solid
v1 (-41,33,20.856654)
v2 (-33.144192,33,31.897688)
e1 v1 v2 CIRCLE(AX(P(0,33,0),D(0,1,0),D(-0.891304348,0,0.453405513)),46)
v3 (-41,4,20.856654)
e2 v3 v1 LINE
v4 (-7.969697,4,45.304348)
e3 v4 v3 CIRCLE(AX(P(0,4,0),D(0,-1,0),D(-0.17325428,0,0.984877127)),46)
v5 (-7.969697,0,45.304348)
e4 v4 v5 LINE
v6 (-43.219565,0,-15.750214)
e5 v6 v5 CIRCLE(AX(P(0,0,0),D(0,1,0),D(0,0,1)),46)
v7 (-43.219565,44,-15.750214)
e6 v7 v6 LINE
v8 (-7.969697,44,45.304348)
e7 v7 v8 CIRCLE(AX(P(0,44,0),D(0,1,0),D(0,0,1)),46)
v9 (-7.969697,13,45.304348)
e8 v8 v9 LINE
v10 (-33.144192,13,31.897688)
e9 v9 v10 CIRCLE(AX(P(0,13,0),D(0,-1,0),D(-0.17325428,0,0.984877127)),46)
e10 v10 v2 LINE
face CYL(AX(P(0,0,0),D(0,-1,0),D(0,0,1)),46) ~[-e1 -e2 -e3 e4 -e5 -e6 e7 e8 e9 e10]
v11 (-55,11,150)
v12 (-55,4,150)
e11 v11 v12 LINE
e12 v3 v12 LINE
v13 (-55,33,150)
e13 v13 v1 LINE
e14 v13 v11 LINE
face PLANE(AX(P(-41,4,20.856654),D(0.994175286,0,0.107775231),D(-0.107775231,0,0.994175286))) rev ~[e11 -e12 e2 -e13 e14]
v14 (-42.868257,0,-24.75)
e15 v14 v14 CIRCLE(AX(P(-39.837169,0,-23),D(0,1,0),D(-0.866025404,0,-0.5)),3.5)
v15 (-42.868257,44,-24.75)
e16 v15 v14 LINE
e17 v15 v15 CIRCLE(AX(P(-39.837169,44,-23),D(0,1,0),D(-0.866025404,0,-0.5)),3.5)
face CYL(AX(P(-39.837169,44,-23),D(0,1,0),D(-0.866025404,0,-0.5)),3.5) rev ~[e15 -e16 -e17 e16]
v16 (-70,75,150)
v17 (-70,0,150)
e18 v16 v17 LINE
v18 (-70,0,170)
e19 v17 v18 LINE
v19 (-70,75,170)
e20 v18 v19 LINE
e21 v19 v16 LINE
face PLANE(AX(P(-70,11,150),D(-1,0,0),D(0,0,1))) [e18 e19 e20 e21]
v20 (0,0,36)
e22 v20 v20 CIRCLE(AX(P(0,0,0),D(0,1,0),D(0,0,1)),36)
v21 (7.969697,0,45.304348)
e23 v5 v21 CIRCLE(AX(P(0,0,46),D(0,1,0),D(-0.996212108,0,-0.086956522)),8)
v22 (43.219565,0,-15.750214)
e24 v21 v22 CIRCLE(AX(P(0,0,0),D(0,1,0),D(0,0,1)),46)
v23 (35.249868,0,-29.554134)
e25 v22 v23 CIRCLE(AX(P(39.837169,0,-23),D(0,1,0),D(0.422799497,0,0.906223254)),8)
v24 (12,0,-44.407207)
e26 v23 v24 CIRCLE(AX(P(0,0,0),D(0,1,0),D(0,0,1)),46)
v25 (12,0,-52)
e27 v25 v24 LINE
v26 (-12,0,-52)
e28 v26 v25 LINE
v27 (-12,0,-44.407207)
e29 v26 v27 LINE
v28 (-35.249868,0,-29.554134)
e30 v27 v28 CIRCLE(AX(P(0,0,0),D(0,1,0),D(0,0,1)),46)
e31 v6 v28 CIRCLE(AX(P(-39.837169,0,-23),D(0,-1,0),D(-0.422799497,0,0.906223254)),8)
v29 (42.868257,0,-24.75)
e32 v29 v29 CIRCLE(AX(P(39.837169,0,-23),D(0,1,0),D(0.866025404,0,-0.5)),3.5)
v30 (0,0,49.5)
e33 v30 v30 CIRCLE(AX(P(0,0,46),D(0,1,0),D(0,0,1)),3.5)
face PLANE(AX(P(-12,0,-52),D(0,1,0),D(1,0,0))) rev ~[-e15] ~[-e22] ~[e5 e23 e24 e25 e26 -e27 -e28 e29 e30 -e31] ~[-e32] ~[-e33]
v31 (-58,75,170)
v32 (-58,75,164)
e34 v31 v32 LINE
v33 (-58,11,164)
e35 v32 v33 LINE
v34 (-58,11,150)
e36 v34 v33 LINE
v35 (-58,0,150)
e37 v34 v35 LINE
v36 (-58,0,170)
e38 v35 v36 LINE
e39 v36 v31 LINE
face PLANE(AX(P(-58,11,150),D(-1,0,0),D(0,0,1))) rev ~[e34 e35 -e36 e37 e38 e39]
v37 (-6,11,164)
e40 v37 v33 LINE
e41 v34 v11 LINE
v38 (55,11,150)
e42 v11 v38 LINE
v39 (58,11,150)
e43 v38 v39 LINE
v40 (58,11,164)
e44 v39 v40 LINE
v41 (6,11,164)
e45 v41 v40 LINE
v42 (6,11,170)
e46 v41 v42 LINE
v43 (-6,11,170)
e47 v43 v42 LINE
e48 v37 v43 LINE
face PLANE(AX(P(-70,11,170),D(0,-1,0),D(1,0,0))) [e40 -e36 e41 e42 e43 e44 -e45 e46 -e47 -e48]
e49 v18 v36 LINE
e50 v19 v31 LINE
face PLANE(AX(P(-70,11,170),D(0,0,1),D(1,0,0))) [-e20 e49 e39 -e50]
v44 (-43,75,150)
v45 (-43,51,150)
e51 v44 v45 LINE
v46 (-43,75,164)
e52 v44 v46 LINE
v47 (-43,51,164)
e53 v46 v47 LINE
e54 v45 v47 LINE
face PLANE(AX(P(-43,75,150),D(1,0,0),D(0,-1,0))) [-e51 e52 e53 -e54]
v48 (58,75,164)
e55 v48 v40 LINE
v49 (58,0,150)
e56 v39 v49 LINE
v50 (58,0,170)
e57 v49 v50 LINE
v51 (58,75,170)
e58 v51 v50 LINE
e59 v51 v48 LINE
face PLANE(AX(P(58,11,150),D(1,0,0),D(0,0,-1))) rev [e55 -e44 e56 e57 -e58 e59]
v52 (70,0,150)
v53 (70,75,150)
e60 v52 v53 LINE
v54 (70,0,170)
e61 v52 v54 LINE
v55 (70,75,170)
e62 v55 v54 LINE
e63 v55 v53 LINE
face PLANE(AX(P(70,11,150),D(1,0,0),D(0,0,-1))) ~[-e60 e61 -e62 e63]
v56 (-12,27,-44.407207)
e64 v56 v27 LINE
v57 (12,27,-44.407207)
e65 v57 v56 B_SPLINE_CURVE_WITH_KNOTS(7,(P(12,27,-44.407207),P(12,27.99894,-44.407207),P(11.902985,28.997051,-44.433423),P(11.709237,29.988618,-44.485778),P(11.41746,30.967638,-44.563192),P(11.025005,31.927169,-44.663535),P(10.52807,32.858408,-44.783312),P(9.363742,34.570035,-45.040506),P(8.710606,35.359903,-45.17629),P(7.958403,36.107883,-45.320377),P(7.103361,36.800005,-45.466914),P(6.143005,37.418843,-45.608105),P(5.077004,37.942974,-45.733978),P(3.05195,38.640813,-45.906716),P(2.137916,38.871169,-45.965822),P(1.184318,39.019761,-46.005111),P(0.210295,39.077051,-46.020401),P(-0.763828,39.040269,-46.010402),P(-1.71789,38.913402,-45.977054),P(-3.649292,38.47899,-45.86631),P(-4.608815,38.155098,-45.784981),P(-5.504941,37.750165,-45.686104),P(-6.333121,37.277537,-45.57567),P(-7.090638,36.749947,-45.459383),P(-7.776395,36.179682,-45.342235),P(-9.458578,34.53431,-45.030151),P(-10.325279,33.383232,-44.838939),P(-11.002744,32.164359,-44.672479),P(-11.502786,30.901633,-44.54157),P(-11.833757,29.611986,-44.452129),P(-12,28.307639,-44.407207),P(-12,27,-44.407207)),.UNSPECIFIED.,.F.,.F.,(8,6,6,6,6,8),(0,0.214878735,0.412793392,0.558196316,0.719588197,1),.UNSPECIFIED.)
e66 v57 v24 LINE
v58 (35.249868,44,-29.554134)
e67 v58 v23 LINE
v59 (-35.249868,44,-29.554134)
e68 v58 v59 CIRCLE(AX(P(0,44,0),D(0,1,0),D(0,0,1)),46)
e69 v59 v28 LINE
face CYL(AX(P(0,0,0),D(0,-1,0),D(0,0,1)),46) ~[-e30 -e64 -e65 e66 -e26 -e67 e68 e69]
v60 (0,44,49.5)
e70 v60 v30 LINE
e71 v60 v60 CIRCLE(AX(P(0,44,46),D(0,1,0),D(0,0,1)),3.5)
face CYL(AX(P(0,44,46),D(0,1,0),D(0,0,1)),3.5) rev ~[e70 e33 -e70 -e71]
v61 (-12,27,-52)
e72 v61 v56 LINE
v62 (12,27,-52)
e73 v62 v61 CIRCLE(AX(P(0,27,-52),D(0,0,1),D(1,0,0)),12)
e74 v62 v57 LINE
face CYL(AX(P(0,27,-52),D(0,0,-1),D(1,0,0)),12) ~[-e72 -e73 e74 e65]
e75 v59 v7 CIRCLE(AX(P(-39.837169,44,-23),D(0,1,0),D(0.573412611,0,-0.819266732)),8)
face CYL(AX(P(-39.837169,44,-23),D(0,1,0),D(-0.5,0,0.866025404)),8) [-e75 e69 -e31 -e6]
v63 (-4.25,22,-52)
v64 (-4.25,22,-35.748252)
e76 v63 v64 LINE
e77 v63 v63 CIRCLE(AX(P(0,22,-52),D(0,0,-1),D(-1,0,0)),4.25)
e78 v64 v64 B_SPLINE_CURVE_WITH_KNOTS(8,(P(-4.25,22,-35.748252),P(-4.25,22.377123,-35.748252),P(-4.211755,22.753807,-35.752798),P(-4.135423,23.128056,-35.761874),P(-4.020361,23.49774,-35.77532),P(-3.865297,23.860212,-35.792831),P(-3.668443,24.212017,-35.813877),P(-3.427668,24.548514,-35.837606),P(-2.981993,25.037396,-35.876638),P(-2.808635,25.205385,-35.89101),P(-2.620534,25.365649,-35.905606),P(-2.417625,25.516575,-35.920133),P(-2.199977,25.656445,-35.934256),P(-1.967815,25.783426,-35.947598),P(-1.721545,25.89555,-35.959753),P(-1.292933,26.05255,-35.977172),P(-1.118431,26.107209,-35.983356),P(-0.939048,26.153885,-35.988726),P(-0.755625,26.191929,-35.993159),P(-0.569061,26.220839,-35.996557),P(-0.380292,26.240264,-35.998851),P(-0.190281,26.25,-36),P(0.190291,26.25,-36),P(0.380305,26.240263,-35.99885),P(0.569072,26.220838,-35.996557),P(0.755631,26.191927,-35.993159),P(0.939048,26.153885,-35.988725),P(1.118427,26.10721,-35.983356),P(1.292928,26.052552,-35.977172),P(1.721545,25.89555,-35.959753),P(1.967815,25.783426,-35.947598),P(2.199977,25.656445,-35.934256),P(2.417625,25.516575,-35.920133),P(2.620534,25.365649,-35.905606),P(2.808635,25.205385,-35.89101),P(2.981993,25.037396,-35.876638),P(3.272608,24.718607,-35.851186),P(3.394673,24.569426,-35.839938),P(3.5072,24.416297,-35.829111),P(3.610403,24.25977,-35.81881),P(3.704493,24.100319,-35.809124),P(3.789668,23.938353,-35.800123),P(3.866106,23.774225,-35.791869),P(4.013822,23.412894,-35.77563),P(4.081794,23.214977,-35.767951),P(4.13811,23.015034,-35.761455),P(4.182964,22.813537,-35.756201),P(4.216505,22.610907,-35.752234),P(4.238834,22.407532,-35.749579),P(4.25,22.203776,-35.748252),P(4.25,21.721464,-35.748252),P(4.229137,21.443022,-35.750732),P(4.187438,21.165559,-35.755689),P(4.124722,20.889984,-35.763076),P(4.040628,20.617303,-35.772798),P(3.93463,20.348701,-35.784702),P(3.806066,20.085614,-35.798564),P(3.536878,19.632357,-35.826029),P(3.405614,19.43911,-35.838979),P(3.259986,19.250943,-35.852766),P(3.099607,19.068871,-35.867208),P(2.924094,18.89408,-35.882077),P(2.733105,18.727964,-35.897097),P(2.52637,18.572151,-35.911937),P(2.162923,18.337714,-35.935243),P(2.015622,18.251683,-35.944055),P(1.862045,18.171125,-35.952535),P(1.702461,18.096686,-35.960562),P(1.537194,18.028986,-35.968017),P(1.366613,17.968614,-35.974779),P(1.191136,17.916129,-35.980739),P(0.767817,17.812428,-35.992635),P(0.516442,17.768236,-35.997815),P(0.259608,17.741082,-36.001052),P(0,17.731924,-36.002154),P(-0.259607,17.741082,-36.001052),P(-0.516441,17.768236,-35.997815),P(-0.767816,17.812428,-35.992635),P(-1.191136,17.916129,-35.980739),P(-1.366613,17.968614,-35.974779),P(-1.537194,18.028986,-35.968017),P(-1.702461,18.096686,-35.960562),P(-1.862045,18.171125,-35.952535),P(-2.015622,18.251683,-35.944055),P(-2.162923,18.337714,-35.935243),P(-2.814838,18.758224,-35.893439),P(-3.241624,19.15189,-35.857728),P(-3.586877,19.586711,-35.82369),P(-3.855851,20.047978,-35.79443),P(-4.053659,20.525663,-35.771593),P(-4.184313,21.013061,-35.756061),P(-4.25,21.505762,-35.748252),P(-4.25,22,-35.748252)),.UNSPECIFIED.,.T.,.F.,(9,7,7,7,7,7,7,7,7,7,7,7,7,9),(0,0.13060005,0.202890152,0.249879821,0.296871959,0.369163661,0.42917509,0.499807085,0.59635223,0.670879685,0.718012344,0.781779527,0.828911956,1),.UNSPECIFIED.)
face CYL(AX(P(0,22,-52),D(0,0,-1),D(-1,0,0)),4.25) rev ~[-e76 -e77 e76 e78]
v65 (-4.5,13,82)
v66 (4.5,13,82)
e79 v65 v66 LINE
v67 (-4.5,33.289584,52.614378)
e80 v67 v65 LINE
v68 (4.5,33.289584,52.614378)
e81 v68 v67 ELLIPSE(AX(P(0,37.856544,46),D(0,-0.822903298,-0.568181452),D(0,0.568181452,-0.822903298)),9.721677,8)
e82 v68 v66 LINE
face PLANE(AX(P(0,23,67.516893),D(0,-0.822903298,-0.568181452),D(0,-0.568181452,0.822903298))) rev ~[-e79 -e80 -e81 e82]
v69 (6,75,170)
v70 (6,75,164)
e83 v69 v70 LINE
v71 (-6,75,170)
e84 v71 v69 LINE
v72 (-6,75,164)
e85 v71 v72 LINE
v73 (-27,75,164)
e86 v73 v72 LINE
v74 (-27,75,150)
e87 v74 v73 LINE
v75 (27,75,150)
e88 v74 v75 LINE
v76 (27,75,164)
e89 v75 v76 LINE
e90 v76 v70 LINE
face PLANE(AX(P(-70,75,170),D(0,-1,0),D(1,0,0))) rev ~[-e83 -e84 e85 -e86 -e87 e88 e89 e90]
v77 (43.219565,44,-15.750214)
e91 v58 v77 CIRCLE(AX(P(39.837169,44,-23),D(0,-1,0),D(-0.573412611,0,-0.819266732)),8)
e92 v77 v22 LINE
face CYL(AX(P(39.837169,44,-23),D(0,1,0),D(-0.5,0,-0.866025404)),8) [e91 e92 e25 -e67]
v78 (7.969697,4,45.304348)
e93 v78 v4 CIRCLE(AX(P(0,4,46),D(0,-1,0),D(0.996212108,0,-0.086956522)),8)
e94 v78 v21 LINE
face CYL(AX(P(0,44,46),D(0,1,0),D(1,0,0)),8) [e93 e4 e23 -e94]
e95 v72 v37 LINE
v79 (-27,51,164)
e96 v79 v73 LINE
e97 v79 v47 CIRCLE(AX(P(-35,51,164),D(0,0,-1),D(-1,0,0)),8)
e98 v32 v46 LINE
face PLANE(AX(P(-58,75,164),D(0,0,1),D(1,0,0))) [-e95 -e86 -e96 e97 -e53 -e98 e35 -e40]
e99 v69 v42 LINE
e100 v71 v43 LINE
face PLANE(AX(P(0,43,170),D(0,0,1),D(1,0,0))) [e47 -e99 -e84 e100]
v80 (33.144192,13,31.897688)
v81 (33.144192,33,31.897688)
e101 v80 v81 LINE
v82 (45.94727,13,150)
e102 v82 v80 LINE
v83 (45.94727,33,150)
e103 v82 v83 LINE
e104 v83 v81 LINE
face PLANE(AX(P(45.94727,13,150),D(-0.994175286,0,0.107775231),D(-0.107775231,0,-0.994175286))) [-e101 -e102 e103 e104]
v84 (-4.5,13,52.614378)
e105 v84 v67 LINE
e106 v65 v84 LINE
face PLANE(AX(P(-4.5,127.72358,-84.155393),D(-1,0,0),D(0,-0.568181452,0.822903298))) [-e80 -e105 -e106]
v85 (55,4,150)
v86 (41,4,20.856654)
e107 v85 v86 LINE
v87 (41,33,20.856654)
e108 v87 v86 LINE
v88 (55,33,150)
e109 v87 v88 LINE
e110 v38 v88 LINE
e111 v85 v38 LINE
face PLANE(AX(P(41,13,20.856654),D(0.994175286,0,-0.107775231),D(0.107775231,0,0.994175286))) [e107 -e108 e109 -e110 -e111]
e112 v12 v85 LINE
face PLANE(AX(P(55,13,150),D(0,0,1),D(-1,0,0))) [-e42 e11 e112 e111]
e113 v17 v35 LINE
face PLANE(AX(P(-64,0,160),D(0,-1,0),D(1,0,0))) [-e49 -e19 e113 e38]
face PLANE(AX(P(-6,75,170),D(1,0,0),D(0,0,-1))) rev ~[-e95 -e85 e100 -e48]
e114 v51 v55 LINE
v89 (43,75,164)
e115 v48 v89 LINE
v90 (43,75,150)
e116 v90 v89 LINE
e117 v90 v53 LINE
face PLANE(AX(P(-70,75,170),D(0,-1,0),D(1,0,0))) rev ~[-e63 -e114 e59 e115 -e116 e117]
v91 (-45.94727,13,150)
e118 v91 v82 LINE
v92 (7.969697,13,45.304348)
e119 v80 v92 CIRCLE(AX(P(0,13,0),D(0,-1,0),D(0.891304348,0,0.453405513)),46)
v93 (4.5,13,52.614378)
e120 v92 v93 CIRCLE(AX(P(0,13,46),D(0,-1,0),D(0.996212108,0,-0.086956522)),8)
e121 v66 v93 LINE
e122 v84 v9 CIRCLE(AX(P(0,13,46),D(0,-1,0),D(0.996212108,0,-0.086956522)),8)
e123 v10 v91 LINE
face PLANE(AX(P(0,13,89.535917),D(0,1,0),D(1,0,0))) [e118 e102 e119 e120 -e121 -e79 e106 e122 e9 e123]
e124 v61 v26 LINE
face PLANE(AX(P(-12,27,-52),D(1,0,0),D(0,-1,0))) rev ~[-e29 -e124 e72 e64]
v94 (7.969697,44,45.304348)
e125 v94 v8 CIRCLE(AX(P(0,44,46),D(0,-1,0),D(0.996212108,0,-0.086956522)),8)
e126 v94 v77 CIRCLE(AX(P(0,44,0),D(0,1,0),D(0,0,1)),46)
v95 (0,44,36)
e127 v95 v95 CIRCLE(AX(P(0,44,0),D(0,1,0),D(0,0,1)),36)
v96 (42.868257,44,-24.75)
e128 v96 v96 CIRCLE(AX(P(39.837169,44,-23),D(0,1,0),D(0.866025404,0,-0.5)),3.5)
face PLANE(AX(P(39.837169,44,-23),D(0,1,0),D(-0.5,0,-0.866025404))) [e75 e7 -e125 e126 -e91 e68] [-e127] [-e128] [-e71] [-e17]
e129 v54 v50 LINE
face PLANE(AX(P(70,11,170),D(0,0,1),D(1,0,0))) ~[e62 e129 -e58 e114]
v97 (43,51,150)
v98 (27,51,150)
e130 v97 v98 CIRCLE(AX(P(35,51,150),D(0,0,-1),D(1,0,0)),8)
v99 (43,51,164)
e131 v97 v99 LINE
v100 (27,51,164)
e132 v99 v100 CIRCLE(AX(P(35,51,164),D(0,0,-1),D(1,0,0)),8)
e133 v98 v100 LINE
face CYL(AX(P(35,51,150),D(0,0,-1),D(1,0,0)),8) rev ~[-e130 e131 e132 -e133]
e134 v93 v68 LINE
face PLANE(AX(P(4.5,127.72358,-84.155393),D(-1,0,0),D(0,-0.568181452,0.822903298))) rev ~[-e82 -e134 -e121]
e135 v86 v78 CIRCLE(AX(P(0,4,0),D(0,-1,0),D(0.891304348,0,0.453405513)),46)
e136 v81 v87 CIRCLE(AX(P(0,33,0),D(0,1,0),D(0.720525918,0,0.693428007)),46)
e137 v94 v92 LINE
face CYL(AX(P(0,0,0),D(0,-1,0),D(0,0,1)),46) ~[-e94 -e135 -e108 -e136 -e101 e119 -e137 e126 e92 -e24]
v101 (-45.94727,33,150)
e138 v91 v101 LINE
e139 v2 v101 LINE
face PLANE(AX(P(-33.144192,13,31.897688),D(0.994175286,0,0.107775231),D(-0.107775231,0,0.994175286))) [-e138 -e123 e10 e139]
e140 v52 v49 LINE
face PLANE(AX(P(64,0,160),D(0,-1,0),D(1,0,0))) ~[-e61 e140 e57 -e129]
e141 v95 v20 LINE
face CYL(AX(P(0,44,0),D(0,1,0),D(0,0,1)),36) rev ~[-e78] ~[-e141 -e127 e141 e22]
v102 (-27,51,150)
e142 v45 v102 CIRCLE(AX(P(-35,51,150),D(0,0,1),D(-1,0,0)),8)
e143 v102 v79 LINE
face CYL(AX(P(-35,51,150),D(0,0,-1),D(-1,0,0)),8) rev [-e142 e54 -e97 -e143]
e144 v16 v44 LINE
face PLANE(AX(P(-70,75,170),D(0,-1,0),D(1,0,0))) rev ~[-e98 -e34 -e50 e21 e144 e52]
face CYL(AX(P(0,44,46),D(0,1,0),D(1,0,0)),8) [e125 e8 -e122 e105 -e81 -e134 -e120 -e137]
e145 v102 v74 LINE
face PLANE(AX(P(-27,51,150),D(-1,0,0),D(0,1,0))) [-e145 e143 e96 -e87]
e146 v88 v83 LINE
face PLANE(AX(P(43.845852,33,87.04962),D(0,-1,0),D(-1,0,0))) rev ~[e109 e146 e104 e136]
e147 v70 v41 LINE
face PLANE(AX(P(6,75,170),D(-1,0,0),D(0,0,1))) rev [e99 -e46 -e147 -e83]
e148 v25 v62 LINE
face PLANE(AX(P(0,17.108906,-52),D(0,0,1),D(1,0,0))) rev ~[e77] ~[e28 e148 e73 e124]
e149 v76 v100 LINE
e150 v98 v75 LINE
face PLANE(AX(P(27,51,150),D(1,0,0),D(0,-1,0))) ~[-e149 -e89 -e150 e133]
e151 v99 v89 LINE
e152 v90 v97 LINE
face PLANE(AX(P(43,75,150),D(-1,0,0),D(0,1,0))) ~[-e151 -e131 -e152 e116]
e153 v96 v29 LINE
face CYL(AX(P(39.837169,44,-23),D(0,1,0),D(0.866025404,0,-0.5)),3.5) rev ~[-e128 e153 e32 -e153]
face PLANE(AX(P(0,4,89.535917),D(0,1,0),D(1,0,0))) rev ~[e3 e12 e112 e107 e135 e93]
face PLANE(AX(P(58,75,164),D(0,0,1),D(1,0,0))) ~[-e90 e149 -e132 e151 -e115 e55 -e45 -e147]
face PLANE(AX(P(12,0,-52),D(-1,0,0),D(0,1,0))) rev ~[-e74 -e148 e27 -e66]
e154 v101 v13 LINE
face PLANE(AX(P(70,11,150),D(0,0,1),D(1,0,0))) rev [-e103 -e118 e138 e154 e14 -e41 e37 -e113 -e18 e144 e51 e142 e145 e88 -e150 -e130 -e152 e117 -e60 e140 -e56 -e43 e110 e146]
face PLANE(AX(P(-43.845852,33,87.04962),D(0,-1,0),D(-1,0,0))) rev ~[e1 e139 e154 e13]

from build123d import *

# Parameters (mm, degrees)
SKETCH_1_R               = 46
EXTRUDE_1_DEPTH          = 44
SKETCH_2_R               = 8
EXTRUDE_2_DEPTH          = 44
SKETCH_3_R               = 3.5
CUT_EXTRUDE_1_DEPTH      = 44
PATTERN_CIRCULAR_1_COUNT = 3
EXTRUDE_START            = -52
EXTRUDE_3_DEPTH          = 44
SKETCH_6_R               = 36
CUT_EXTRUDE_2_DEPTH      = 44
HOLE_WIZARD_M10_1_REACH  = 126.34
HOLE_WIZARD_M10_1_BORE_R = 4.25
EXTRUDE_START_2          = 4
EXTRUDE_4_DEPTH          = 9
EXTRUDE_5_DEPTH          = 20
RIB_1_REACH              = 167.714
SKETCH_11_WALL_W         = 368.62723947
SKETCH_11_WALL_H         = 9
EXTRUDE_START_3          = 170
SKETCH_13_W              = 140
SKETCH_13_H              = 64
EXTRUDE_6_DEPTH          = 20
CUT_EXTRUDE_3_DEPTH      = 227.559043166
SKETCH_15_W              = 52
SKETCH_15_H              = 6
CUT_EXTRUDE_4_DEPTH      = 199.557296554
SKETCH_17_W              = 12
SKETCH_17_H              = 20
EXTRUDE_7_DEPTH          = 11


with BuildPart() as part:
    # 草图1 → 凸台-拉伸1 (new body)
    with BuildSketch(Plane(origin=(0, 0, 0), x_dir=(1, 0, 0), z_dir=(0, 1, 0))):
        with Locations(Location((0, 0, 0), (0, 0, 270))):
            Circle(SKETCH_1_R)
    extrude(amount=EXTRUDE_1_DEPTH)

    # 草图2 → 凸台-拉伸2 (add)
    with BuildSketch(Plane(origin=(0, 44, 0), x_dir=(1, 0, 0), z_dir=(0, 1, 0))):
        with Locations((0, -46)):
            Circle(SKETCH_2_R)
    extrude_2 = extrude(amount=-EXTRUDE_2_DEPTH)

    # 草图3 → 切除-拉伸1 (cut)
    with BuildSketch(Plane(origin=(0, 44, 0), x_dir=(1, 0, 0), z_dir=(0, 1, 0))):
        with Locations(Location((0, -46, 0), (0, 0, 270))):
            Circle(SKETCH_3_R)
    cut_extrude_1 = extrude(amount=-CUT_EXTRUDE_1_DEPTH, mode=Mode.SUBTRACT)

    # 阵列(圆周)1: 凸台-拉伸2, 切除-拉伸1 ×3 about axis
    pattern_circular_1_axis = Axis((0, 0, 0), (0, 1, 0))
    add([extrude_2.rotate(pattern_circular_1_axis, i * 360 / PATTERN_CIRCULAR_1_COUNT) for i in range(1, PATTERN_CIRCULAR_1_COUNT)])
    add([cut_extrude_1.rotate(pattern_circular_1_axis, i * 360 / PATTERN_CIRCULAR_1_COUNT) for i in range(1, PATTERN_CIRCULAR_1_COUNT)], mode=Mode.SUBTRACT)

    # 草图5 → 凸台-拉伸3 (add)
    with BuildSketch(Plane.XY.offset(EXTRUDE_START)):
        with BuildLine():
            Line((-12, 27), (-12, 0))
            Line((-12, 0), (12, 0))
            Line((12, 0), (12, 27))
            ThreePointArc((12, 27), (0, 39), (-12, 27))
        make_face()
    extrude(amount=EXTRUDE_3_DEPTH)

    # 草图6 → 切除-拉伸2 (cut)
    with BuildSketch(Plane(origin=(0, 44, 0), x_dir=(1, 0, 0), z_dir=(0, 1, 0))):
        with Locations(Location((0, 0, 0), (0, 0, 270))):
            Circle(SKETCH_6_R)
    extrude(amount=-CUT_EXTRUDE_2_DEPTH, mode=Mode.SUBTRACT)

    # M10 螺纹孔1 bore → M10 螺纹孔1 (cut, up to next)
    with BuildSketch(Plane(origin=(0, 0, -52), x_dir=(-1, 0, 0), z_dir=(0, 0, -1)), mode=Mode.PRIVATE) as hole_wizard_m10_1_sk1:
        with Locations((0, 22)):
            Circle(HOLE_WIZARD_M10_1_BORE_R)
    hole_wizard_m10_1_tool1 = extrude(hole_wizard_m10_1_sk1.sketch, amount=-HOLE_WIZARD_M10_1_REACH, mode=Mode.PRIVATE) & part.part
    add(hole_wizard_m10_1_tool1.solids().sort_by_distance((0, 22, -52))[0], mode=Mode.SUBTRACT)

    # 草图9 → 凸台-拉伸4 (add)
    with BuildSketch(Plane(origin=(0, 0, 0), x_dir=(1, 0, 0), z_dir=(0, 1, 0)).offset(EXTRUDE_START_2)):
        with BuildLine():
            Line((-41, -20.856653615), (-55, -150))
            Line((-55, -150), (55, -150))
            Line((55, -150), (41, -20.856653615))
            ThreePointArc((41, -20.856653615), (27.366589863, -36.973906465), (7.969696861, -45.304347826))
            ThreePointArc((7.969696861, -45.304347826), (0, -54), (-7.969696861, -45.304347826))
            ThreePointArc((-7.969696861, -45.304347826), (-27.366589863, -36.973906465), (-41, -20.856653615))
        make_face()
    extrude(amount=EXTRUDE_4_DEPTH)

    # 草图10 → 凸台-拉伸5 (add)
    with BuildSketch(Plane(origin=(0, 13, 0), x_dir=(1, 0, 0), z_dir=(0, 1, 0))):
        with BuildLine():
            Line((45.947270441, -150), (33.144192236, -31.897688333))
            ThreePointArc((33.144192236, -31.897688333), (37.480880759, -26.668025377), (41, -20.856653615))
            Line((41, -20.856653615), (55, -150))
            Line((55, -150), (45.947270441, -150))
        make_face()
        with BuildLine():
            Line((-33.144192236, -31.897688333), (-45.947270441, -150))
            Line((-45.947270441, -150), (-55, -150))
            Line((-55, -150), (-41, -20.856653615))
            ThreePointArc((-41, -20.856653615), (-37.480880759, -26.668025377), (-33.144192236, -31.897688333))
        make_face()
    extrude(amount=EXTRUDE_5_DEPTH)

    # 草图11 wall → 筋1 (add, up to next)
    with BuildSketch(Plane(origin=(0, 23, 67.516892633), x_dir=(0, -0.568181452229, 0.822903297686), z_dir=(0, -0.822903297686, -0.568181452229)), mode=Mode.PRIVATE) as rib_1_sk1:
        Rectangle(SKETCH_11_WALL_W, SKETCH_11_WALL_H)
    rib_1_tool1 = extrude(rib_1_sk1.sketch, amount=RIB_1_REACH, mode=Mode.PRIVATE) - part.part
    add(rib_1_tool1.solids().sort_by_distance((0, 23, 67.516892633))[0])

    # 草图13 → 凸台-拉伸6 (add)
    with BuildSketch(Plane.XY.offset(EXTRUDE_START_3)):
        with Locations((0, 43)):
            Rectangle(SKETCH_13_W, SKETCH_13_H)
    extrude(amount=-EXTRUDE_6_DEPTH)

    # 草图14 → 切除-拉伸3 (cut, through all)
    with BuildSketch(Plane(origin=(0, 0, 150), x_dir=(-1, 0, 0), z_dir=(0, 0, -1))):
        with BuildLine():
            Line((43, 75), (43, 51))
            ThreePointArc((43, 51), (35, 43), (27, 51))
            Line((27, 51), (27, 75))
            ThreePointArc((27, 75), (35, 83), (43, 75))
        make_face()
    cut_extrude_3 = extrude(amount=-CUT_EXTRUDE_3_DEPTH, mode=Mode.SUBTRACT)

    # 镜向1: 切除-拉伸3 across plane
    add(cut_extrude_3.mirror(Plane(origin=(0, 0, 0), x_dir=(0, 0, 1), z_dir=(1, 0, 0))), mode=Mode.SUBTRACT)

    # 草图15 → 切除-拉伸4 (cut, through all)
    with BuildSketch(Plane(origin=(0, 75, 0), x_dir=(1, 0, 0), z_dir=(0, 1, 0))):
        with Locations((-32, -167)):
            Rectangle(SKETCH_15_W, SKETCH_15_H)
    cut_extrude_4 = extrude(amount=-CUT_EXTRUDE_4_DEPTH, mode=Mode.SUBTRACT)

    # 镜向2: 切除-拉伸4 across plane
    add(cut_extrude_4.mirror(Plane(origin=(0, 0, 0), x_dir=(0, 0, 1), z_dir=(1, 0, 0))), mode=Mode.SUBTRACT)

    # 草图17 → 凸台-拉伸7 (add)
    with BuildSketch(Plane.XZ.offset(-11)):
        with Locations((-64, 160)):
            Rectangle(SKETCH_17_W, SKETCH_17_H)
    extrude_7 = extrude(amount=EXTRUDE_7_DEPTH)

    # 镜向3: 凸台-拉伸7 across plane
    add(extrude_7.mirror(Plane(origin=(0, 0, 0), x_dir=(0, 0, 1), z_dir=(1, 0, 0))))


solid = part.part
